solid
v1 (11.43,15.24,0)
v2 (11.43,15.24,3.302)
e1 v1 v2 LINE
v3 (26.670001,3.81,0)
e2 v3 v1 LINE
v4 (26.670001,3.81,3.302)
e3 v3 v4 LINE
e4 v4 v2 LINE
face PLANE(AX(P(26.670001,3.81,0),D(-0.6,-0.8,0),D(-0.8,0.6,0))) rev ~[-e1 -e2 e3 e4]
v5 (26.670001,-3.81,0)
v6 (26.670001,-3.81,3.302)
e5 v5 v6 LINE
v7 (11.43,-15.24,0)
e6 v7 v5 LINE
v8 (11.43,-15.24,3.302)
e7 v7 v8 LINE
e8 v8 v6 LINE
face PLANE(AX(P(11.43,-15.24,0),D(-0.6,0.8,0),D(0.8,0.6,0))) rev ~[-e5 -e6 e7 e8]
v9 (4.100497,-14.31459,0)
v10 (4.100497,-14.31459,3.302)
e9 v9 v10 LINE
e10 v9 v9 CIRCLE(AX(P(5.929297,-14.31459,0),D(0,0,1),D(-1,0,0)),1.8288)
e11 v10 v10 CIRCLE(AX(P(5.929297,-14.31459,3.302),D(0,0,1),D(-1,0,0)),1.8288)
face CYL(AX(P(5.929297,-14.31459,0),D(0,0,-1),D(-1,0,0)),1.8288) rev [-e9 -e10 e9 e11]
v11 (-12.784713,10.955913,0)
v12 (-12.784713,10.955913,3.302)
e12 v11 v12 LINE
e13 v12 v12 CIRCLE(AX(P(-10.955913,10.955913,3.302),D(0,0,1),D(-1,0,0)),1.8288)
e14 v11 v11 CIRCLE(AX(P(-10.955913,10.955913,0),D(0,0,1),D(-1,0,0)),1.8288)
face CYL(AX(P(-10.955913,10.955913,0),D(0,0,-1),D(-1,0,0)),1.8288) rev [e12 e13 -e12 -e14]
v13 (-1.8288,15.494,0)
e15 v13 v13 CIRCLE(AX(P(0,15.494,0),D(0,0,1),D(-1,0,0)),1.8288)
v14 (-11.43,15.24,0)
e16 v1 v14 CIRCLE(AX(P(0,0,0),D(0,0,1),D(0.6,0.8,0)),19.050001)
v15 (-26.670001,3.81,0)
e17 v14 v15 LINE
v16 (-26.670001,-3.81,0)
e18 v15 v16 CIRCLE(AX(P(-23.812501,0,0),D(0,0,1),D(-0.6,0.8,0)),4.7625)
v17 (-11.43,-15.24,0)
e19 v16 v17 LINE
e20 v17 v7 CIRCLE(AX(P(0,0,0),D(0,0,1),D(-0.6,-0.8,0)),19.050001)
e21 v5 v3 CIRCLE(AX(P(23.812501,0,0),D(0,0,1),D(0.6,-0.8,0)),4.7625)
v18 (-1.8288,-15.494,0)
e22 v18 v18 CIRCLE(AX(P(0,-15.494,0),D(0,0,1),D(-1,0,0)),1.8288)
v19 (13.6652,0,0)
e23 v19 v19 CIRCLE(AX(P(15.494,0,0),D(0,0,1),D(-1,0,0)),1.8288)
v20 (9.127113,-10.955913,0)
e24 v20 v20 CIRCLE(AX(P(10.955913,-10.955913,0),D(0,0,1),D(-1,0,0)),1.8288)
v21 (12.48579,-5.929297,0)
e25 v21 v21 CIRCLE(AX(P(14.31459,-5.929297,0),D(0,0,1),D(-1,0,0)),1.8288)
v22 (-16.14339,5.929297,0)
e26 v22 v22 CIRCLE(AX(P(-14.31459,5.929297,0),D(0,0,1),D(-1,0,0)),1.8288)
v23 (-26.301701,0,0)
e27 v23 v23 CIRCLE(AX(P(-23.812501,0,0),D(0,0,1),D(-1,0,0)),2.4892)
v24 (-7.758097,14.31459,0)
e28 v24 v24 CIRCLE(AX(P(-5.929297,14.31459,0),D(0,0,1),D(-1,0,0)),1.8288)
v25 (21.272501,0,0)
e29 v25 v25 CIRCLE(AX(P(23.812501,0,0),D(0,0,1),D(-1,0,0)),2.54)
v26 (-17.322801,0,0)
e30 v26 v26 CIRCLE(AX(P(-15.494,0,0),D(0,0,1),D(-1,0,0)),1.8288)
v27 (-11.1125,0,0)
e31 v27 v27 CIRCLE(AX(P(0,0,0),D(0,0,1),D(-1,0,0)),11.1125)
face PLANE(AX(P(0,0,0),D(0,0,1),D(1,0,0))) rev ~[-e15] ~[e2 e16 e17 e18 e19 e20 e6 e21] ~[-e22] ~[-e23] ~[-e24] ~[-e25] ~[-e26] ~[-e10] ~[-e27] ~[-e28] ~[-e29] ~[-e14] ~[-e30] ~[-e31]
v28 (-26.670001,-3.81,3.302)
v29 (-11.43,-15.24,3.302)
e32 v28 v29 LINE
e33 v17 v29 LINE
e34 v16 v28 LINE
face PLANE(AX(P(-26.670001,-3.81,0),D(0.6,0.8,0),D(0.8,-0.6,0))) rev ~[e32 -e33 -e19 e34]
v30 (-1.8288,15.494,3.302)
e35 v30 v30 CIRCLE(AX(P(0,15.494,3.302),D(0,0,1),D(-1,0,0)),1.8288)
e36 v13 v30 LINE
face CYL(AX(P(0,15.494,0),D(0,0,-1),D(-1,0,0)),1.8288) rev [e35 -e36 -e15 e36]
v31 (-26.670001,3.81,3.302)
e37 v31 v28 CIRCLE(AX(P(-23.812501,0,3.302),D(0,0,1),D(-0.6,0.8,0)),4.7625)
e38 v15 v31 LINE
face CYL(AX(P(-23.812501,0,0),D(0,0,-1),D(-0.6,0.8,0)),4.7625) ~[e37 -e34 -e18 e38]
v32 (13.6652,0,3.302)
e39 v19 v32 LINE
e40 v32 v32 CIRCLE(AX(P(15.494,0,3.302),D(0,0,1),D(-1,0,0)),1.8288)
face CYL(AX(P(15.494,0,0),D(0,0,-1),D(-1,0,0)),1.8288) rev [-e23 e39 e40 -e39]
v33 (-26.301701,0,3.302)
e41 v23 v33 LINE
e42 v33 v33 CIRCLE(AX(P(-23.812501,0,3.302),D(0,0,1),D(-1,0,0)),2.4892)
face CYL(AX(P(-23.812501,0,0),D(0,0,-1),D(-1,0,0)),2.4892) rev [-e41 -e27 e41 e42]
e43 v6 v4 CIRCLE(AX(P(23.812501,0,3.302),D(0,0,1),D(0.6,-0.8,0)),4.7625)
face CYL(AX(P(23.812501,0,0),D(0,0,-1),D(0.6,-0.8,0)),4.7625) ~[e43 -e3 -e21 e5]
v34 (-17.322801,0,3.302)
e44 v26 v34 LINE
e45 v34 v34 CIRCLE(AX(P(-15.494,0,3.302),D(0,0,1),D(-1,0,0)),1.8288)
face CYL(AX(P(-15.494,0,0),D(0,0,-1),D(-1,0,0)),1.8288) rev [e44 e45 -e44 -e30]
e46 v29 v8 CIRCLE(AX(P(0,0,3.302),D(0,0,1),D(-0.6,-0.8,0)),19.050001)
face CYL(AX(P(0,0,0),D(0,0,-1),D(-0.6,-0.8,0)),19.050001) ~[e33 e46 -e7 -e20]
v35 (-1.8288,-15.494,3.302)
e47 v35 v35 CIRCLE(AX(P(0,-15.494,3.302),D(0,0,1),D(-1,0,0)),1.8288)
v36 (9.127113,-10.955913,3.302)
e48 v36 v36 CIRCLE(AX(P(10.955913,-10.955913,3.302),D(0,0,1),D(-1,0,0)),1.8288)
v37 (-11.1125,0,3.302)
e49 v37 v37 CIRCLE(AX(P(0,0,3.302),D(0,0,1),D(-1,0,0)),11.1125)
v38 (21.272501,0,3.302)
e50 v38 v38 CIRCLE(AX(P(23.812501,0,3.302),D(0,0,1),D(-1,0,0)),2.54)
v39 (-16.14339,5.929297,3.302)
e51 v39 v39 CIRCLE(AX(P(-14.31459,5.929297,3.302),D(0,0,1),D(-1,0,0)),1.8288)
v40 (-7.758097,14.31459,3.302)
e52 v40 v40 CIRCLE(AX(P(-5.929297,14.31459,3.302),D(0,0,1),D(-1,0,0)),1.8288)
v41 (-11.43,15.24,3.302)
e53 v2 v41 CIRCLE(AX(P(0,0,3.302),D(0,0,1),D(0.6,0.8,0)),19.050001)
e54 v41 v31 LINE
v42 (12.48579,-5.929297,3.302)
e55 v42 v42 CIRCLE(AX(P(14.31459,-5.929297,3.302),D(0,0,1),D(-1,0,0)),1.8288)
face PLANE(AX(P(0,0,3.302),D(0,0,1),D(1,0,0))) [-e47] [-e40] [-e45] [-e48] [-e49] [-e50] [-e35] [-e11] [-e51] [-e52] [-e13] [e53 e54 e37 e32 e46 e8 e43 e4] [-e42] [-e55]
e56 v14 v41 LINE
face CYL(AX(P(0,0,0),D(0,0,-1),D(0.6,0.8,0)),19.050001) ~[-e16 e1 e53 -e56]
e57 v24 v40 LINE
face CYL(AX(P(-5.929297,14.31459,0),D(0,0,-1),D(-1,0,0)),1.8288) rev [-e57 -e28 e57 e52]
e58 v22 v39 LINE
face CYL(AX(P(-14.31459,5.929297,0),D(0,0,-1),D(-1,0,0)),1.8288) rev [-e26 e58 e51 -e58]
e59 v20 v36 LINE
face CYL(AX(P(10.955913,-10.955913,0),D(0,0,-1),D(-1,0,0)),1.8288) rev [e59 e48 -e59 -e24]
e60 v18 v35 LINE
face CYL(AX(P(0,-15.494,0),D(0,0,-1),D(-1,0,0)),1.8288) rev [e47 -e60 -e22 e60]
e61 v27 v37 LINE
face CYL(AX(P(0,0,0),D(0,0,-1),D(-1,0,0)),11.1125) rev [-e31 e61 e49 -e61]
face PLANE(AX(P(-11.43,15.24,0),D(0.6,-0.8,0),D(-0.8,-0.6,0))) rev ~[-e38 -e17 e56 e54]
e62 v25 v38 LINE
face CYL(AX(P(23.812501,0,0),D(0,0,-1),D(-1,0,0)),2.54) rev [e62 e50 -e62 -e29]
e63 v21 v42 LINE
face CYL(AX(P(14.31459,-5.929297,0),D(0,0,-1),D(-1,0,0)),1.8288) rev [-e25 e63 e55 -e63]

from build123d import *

# Parameters (mm, degrees)
SKETCH1_R           = 11.112500335
SKETCH1_R_2         = 1.828800055
SKETCH1_R_3         = 2.489200075
SKETCH1_R_4         = 2.540000076
BOSS_EXTRUDE1_DEPTH = 3.302


with BuildPart() as part:
    # Sketch1 → Boss-Extrude1 (new body)
    with BuildSketch(Plane.XY):
        with BuildLine():
            Line((-26.670000803, -3.810000115), (-11.430000344, -15.240000459))
            ThreePointArc((-11.430000344, -15.240000459), (0, -19.050000574), (11.430000344, -15.240000459))
            Line((11.430000344, -15.240000459), (26.670000803, -3.810000115))
            ThreePointArc((26.670000803, -3.810000115), (28.57500086, 0), (26.670000803, 3.810000115))
            Line((26.670000803, 3.810000115), (11.430000344, 15.240000459))
            ThreePointArc((11.430000344, 15.240000459), (0, 19.050000574), (-11.430000344, 15.240000459))
            Line((-11.430000344, 15.240000459), (-26.670000803, 3.810000115))
            ThreePointArc((-26.670000803, 3.810000115), (-28.57500086, 0), (-26.670000803, -3.810000115))
        make_face()
        with Locations(Location((0, 0, 0), (0, 0, 180))):
            Circle(SKETCH1_R, mode=Mode.SUBTRACT)
        with Locations(Location((0, 15.494000466, 0), (0, 0, 180))):
            Circle(SKETCH1_R_2, mode=Mode.SUBTRACT)
        with Locations(Location((-15.494000466, 0, 0), (0, 0, 180))):
            Circle(SKETCH1_R_2, mode=Mode.SUBTRACT)
        with Locations(Location((-14.314589908, 5.92929728, 0), (0, 0, 180))):
            Circle(SKETCH1_R_2, mode=Mode.SUBTRACT)
        with Locations(Location((-5.92929728, 14.314589908, 0), (0, 0, 180))):
            Circle(SKETCH1_R_2, mode=Mode.SUBTRACT)
        with Locations(Location((-10.955912798, 10.955912798, 0), (0, 0, 180))):
            Circle(SKETCH1_R_2, mode=Mode.SUBTRACT)
        with Locations(Location((0, -15.494000466, 0), (0, 0, 180))):
            Circle(SKETCH1_R_2, mode=Mode.SUBTRACT)
        with Locations(Location((15.494000466, 0, 0), (0, 0, 180))):
            Circle(SKETCH1_R_2, mode=Mode.SUBTRACT)
        with Locations(Location((14.314589908, -5.92929728, 0), (0, 0, 180))):
            Circle(SKETCH1_R_2, mode=Mode.SUBTRACT)
        with Locations(Location((5.92929728, -14.314589908, 0), (0, 0, 180))):
            Circle(SKETCH1_R_2, mode=Mode.SUBTRACT)
        with Locations(Location((10.955912798, -10.955912798, 0), (0, 0, 180))):
            Circle(SKETCH1_R_2, mode=Mode.SUBTRACT)
        with Locations(Location((-23.812500717, 0, 0), (0, 0, 180))):
            Circle(SKETCH1_R_3, mode=Mode.SUBTRACT)
        with Locations(Location((23.812500717, 0, 0), (0, 0, 180))):
            Circle(SKETCH1_R_4, mode=Mode.SUBTRACT)
    extrude(amount=BOSS_EXTRUDE1_DEPTH)


solid = part.part
